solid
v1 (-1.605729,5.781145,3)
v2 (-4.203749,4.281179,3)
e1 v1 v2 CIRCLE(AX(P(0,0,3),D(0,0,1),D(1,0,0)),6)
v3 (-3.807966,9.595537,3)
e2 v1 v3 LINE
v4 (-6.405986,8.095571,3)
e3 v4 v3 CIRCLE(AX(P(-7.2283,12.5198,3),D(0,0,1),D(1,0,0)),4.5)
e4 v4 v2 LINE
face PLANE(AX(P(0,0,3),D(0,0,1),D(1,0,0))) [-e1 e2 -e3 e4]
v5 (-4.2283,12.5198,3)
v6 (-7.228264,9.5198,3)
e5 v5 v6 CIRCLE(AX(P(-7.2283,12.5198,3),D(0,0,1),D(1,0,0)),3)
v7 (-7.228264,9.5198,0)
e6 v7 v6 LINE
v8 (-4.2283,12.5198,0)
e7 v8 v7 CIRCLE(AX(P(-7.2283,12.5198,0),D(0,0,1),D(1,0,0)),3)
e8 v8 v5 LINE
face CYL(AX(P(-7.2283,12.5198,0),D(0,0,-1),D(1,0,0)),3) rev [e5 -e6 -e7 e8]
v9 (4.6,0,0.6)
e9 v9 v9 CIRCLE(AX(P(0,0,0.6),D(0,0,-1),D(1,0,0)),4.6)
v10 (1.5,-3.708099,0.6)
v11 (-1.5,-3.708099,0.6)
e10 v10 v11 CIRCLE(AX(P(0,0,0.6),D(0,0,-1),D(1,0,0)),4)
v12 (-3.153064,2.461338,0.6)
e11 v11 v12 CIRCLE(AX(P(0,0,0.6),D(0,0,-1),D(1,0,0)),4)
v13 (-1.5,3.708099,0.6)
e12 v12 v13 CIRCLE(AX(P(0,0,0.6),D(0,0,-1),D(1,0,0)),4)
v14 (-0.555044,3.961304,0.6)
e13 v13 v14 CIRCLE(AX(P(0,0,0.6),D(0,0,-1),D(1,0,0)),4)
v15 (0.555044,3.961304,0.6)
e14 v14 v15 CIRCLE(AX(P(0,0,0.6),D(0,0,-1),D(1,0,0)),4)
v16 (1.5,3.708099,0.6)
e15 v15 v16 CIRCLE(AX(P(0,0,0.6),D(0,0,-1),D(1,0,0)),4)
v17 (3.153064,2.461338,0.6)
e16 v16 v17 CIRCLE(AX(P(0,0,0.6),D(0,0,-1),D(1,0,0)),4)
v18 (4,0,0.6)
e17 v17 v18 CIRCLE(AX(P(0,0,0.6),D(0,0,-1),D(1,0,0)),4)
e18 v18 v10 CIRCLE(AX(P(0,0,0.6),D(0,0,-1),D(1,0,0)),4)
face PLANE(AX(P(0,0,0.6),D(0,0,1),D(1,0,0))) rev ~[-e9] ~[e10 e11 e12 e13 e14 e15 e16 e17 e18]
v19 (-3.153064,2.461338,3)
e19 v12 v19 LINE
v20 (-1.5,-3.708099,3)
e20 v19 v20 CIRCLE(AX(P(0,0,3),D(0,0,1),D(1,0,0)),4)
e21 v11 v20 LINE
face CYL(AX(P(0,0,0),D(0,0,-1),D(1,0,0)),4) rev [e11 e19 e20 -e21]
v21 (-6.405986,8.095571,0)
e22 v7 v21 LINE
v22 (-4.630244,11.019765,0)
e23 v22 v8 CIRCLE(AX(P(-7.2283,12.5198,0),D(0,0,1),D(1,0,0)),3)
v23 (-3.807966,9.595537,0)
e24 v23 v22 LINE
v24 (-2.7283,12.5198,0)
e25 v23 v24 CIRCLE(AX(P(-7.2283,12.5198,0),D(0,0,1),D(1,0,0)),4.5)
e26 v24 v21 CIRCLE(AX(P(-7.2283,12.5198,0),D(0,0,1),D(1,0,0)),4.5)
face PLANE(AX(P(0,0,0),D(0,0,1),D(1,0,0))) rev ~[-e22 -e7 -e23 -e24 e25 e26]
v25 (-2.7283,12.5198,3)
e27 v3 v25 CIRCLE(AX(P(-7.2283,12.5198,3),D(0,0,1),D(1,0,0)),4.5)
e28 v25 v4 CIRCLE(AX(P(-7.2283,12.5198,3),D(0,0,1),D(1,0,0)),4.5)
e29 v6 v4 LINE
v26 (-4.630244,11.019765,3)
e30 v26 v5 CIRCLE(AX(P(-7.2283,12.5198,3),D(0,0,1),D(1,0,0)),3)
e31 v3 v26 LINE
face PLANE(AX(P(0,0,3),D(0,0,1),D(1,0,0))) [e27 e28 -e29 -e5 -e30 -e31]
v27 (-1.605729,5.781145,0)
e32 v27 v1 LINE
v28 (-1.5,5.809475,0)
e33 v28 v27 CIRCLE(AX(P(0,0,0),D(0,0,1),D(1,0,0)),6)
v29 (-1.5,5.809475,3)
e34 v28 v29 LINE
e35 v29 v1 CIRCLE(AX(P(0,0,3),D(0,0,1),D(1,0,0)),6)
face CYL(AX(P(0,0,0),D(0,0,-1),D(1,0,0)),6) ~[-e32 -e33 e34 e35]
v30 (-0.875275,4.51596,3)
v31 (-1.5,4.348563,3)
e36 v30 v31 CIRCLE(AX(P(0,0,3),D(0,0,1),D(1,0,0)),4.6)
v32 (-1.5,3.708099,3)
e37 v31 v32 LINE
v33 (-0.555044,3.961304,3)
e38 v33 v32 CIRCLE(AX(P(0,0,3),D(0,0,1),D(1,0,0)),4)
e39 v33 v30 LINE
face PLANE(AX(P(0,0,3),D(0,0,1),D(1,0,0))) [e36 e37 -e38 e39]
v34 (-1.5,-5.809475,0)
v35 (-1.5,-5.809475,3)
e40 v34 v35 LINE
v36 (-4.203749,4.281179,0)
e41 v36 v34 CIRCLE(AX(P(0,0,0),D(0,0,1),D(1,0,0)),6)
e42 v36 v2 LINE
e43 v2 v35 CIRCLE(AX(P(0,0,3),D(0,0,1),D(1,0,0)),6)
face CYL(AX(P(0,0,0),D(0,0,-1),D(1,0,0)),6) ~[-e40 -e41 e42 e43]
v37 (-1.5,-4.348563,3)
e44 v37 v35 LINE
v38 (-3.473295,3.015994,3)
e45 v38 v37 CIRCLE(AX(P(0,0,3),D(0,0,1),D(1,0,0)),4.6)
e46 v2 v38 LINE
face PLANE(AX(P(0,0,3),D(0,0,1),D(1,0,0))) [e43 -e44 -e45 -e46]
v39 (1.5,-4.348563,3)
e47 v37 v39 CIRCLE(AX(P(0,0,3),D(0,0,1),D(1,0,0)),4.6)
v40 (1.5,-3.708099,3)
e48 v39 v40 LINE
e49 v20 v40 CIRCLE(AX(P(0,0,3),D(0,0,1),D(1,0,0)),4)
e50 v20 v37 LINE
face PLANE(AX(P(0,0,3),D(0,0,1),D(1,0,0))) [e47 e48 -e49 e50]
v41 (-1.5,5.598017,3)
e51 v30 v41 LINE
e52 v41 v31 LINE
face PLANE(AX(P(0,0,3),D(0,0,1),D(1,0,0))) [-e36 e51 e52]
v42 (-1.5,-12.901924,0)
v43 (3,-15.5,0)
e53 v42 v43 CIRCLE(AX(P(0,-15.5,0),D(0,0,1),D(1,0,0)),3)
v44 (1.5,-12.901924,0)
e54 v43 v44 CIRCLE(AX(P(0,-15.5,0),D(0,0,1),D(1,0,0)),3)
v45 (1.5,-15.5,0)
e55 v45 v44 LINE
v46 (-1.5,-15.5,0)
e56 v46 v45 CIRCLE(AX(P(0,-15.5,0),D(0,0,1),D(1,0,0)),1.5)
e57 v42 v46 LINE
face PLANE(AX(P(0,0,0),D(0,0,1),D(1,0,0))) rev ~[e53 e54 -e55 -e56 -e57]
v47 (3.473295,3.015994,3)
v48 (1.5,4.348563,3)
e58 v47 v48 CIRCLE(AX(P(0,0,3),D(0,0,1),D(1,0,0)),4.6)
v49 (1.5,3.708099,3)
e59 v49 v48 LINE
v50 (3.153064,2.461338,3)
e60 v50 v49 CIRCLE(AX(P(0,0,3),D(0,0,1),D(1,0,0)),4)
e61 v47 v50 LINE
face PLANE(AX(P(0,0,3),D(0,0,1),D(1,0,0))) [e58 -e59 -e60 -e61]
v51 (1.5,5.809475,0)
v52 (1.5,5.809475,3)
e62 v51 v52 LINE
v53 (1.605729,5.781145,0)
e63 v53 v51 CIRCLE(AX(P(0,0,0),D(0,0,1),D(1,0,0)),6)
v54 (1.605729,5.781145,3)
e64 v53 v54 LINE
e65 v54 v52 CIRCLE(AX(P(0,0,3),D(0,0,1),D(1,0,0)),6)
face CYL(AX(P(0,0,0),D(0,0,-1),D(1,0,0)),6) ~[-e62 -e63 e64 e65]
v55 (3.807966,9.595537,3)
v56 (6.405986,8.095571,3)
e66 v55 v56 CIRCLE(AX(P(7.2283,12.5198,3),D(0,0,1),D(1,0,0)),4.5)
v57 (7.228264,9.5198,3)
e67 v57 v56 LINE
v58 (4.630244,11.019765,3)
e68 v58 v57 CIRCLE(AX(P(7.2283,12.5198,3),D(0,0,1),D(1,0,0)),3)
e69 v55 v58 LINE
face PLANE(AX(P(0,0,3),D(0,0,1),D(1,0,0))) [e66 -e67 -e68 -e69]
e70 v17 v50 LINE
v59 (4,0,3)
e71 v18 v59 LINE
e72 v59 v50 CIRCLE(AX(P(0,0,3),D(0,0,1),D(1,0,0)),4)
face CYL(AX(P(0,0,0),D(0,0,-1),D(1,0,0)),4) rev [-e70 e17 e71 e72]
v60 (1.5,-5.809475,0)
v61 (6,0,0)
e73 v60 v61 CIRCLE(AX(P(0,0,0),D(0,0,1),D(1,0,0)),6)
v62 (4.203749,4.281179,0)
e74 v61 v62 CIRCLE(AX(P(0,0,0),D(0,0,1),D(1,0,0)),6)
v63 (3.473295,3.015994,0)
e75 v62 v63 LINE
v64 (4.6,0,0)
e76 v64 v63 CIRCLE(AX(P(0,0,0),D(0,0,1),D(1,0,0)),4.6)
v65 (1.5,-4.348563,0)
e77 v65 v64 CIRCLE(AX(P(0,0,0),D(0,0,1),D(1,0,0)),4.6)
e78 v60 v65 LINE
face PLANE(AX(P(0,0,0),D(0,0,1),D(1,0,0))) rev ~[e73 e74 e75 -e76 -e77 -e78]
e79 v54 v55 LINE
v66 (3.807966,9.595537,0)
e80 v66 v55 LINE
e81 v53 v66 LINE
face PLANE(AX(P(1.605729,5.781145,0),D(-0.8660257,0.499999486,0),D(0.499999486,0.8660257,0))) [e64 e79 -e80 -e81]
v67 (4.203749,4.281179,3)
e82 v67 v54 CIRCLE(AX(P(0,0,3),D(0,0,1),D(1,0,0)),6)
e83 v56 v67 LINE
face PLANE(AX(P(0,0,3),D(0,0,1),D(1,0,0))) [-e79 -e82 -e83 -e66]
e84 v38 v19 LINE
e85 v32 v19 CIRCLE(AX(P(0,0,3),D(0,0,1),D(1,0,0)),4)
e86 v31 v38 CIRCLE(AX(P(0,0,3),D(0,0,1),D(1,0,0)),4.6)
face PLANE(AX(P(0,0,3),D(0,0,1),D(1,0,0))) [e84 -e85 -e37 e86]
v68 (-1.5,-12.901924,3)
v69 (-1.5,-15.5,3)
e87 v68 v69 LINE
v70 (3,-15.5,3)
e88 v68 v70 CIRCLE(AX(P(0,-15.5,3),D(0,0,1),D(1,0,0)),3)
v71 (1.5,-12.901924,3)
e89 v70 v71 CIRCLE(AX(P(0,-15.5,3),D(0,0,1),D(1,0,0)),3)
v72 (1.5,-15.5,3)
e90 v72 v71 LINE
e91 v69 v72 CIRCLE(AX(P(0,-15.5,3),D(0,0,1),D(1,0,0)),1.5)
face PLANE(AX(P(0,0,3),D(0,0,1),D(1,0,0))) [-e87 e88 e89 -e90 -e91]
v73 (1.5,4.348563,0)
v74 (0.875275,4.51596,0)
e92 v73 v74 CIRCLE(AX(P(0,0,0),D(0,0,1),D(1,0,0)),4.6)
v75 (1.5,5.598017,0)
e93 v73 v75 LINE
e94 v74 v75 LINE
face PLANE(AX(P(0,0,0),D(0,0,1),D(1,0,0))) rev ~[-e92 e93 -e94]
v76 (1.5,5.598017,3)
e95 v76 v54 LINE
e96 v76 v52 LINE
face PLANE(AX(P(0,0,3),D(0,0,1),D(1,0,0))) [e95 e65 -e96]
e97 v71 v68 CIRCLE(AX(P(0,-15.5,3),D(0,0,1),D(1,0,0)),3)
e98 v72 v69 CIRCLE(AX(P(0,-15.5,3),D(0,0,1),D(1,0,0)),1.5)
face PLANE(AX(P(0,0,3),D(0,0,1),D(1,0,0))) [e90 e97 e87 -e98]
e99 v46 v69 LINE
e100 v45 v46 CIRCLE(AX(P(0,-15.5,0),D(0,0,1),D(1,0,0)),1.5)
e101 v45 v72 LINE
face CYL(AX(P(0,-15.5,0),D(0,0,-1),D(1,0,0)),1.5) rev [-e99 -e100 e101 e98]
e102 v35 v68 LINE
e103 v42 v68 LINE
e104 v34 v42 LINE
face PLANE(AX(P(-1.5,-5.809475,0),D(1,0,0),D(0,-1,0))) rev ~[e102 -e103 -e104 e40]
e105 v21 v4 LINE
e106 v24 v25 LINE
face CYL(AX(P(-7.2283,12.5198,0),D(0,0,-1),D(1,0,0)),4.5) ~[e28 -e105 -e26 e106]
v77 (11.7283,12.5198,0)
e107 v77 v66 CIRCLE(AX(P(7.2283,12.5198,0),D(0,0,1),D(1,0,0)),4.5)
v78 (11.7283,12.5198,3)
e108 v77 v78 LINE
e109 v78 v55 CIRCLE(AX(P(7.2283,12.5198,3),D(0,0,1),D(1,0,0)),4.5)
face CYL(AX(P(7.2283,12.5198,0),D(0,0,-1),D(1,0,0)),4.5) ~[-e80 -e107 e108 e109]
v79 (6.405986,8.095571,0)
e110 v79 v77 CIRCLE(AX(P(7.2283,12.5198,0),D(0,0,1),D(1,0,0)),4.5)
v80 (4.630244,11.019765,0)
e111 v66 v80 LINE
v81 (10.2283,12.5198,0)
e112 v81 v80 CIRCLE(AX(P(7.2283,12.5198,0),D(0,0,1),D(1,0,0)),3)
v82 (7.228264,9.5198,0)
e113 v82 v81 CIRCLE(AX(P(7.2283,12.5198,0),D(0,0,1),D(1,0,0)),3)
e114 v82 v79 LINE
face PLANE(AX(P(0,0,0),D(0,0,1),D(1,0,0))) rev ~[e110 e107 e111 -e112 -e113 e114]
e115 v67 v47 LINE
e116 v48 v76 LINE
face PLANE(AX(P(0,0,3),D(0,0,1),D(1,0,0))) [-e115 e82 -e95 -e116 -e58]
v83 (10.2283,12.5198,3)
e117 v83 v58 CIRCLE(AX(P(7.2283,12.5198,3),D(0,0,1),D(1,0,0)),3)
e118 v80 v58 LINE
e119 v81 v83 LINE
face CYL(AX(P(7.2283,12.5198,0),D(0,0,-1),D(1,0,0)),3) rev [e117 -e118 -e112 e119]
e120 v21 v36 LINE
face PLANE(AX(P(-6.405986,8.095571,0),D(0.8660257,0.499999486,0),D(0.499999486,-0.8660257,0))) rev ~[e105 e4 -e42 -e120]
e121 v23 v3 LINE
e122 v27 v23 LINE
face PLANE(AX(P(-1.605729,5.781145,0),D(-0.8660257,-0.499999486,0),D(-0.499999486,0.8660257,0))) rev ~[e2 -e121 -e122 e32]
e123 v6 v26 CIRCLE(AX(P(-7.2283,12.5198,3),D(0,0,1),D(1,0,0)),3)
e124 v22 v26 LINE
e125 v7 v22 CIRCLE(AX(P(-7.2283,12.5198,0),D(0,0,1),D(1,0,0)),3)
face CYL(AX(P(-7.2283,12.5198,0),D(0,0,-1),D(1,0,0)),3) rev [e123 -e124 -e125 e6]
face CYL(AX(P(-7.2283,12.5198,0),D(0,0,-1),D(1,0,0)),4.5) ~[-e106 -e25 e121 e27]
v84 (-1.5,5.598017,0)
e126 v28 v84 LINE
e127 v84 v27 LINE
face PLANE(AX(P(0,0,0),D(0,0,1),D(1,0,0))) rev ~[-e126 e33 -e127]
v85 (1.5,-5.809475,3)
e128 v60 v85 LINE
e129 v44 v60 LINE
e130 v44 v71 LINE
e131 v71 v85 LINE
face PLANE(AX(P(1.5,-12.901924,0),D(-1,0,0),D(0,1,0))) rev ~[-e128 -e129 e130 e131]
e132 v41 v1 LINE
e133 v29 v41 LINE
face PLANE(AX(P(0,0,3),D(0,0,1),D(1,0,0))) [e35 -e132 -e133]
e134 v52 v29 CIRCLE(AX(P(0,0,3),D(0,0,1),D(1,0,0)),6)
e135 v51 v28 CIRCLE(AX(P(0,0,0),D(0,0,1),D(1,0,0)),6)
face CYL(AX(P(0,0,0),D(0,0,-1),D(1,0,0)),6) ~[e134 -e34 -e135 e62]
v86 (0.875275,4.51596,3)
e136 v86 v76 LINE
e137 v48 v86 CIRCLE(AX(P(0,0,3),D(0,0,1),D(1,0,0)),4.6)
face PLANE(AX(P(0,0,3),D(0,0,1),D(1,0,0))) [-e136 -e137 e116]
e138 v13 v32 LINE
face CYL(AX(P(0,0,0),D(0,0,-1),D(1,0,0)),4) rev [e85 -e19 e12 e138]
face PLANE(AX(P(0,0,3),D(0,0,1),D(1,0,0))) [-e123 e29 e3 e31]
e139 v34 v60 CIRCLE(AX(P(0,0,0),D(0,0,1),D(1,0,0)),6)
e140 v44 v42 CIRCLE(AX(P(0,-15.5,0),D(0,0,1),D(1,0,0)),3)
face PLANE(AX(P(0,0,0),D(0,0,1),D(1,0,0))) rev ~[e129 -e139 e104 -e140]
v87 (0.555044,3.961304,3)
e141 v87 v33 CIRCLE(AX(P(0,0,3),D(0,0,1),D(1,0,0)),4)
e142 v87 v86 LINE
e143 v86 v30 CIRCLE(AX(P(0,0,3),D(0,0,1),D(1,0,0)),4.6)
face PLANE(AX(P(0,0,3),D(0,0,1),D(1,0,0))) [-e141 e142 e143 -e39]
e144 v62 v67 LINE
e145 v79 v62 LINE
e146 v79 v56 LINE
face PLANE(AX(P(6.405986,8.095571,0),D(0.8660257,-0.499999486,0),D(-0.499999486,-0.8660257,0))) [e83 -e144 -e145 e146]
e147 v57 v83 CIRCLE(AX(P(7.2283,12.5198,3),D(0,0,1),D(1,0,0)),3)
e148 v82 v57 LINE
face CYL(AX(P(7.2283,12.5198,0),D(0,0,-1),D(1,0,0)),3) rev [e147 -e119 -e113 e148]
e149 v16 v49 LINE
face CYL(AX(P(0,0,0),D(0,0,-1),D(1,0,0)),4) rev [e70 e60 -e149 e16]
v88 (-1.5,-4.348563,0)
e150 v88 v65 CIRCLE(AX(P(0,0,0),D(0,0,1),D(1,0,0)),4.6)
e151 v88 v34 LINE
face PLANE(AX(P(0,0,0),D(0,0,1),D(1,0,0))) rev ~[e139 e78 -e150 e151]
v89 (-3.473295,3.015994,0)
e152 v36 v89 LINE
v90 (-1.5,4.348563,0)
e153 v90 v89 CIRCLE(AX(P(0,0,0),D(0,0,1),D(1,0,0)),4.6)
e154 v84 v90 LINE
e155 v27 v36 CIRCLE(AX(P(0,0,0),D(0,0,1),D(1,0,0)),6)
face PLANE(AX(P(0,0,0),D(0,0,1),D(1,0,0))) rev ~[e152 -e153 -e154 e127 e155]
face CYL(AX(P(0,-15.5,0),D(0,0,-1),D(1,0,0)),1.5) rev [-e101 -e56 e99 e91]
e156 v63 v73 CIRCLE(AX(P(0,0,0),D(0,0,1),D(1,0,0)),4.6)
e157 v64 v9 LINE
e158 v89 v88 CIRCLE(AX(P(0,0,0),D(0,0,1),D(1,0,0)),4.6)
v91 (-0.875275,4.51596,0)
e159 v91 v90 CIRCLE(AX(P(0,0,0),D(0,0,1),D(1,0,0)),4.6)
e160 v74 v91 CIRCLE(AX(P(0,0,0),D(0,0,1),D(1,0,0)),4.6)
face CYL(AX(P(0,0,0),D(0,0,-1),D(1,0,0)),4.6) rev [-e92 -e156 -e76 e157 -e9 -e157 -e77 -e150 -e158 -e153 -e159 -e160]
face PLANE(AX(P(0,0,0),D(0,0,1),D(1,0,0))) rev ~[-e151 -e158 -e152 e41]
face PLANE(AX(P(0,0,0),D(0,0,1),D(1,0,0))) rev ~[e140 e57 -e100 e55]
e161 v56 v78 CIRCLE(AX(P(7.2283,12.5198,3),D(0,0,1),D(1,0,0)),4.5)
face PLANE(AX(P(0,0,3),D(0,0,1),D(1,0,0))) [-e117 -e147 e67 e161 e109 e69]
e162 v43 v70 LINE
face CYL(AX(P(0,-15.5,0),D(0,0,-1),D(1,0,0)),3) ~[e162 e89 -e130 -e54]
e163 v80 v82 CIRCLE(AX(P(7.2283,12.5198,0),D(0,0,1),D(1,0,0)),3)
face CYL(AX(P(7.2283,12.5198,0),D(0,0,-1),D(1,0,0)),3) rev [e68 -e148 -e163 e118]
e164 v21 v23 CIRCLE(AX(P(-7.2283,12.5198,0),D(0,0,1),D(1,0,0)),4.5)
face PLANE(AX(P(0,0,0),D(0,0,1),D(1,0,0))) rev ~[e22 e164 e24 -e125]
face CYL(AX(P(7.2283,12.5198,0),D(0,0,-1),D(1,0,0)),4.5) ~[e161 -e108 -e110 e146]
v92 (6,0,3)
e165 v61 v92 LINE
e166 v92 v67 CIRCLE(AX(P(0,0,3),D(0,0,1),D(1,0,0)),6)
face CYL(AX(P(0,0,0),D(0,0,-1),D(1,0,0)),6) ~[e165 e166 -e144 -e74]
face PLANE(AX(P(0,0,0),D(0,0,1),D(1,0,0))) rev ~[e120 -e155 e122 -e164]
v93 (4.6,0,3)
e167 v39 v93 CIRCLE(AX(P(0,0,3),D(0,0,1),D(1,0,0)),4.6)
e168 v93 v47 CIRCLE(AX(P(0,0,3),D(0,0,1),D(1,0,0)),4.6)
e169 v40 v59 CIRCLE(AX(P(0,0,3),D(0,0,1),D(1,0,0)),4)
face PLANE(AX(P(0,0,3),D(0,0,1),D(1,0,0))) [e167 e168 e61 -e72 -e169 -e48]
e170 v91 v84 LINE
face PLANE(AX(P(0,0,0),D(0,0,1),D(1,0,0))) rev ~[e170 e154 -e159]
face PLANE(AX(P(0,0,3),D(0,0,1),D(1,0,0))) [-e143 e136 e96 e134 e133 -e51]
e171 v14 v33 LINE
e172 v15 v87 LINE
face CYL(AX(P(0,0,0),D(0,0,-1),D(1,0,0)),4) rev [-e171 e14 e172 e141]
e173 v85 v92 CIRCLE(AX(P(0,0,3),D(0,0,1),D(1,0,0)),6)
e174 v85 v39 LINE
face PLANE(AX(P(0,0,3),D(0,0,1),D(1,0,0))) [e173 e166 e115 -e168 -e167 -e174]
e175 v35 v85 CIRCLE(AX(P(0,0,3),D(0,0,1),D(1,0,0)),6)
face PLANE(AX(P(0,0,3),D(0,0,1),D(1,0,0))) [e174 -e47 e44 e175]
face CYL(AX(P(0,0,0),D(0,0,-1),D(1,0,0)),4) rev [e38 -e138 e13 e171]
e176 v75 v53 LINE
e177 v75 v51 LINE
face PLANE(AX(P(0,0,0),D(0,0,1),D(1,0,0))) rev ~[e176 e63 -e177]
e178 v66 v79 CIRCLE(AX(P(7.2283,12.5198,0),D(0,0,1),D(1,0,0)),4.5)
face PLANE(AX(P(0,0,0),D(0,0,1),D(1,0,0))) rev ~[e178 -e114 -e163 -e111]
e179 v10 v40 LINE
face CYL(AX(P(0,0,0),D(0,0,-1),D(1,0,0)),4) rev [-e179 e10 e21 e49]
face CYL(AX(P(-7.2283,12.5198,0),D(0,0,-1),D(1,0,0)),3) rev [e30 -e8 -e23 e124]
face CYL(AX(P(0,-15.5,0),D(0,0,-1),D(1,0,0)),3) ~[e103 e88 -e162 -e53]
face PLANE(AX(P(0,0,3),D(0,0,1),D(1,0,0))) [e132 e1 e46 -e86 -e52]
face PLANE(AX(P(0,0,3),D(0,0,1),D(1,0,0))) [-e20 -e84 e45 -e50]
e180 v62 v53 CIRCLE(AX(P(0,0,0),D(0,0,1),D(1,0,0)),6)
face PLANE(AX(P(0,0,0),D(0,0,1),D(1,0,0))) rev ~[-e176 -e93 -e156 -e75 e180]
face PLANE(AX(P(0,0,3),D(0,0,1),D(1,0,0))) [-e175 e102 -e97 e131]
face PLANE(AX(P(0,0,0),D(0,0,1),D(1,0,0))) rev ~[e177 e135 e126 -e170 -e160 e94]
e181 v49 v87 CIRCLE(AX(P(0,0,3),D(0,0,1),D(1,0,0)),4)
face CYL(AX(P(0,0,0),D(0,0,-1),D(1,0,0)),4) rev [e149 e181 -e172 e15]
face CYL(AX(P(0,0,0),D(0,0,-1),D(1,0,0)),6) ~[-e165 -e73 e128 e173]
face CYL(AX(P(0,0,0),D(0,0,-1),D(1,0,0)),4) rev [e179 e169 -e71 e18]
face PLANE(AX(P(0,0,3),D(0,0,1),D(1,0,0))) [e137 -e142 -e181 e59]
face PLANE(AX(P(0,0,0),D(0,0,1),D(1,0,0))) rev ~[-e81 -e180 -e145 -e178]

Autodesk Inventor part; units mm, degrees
ref_plane "YZ Plane" through (0, 0, 0) normal (1, 0, 0) x (0, 1, 0)
ref_plane "XZ Plane" through (0, 0, 0) normal (0, 1, 0) x (-1, 0, 0)
ref_plane "XY Plane" through (0, 0, 0) normal (0, 0, 1) x (1, 0, 0)
sketch "スケッチ1" plane through (0, 0, 0) normal (0, 0, 1) x (1, 0, 0)
  circle A0 centre (0, 15.5) radius 3 construction
  circle A1 centre (0, -15.5) radius 1.5
  circle A2 centre (0, 15.5) radius 4.5 construction
  circle A3 centre (0, -15.5) radius 3
  line L0 (0, 15.5) -> (0, -15.5) construction
  line L1 (-1.5, 15.5) -> (-1.5, -15.5)
  line L2 (1.5, -15.5) -> (1.5, 15.5)
  arc A4 (1.5, 15.5) -> (-1.5, 15.5) centre (0, 15.5) ccw
  arc A5 (-1.5, -15.5) -> (1.5, -15.5) centre (0, -15.5) ccw
  circle A6 centre (0, 0) radius 6
  circle A7 centre (0, 0) radius 4
  circle A8 centre (0, 0) radius 4.6
  line L3 (0, 0) -> (-7.2283, 12.5198) construction
  line L4 (1.299, 0.75) -> (-5.9293, 13.2698)
  line L5 (-8.5273, 11.7698) -> (-1.299, -0.75)
  arc A9 (-1.299, -0.75) -> (1.299, 0.75) centre (0, 0) ccw
  arc A10 (-5.9293, 13.2698) -> (-8.5273, 11.7698) centre (-7.2283, 12.5198) ccw
  circle A11 centre (-7.2283, 12.5198) radius 3
  circle A12 centre (0, 15.5) radius 3 construction
  circle A13 centre (0, 15.5) radius 4.5 construction
  line L6 (-1.299, 0.75) -> (5.9293, 13.2698)
  line L7 (8.5273, 11.7698) -> (1.299, -0.75)
  circle A14 centre (7.2283, 12.5198) radius 3
  circle A15 centre (-7.2283, 12.5198) radius 1.5
  circle A16 centre (7.2283, 12.5198) radius 1.5
  circle A17 centre (-7.2283, 12.5198) radius 4.5
  circle A18 centre (7.2283, 12.5198) radius 4.5
  point P0 (0, 0)
  point P1 (0, 0)
  point P2 (-1.5, 11.2574)
  point P3 (-1.5, 5.8095)
  point P4 (-1.5, -5.8095)
  point P5 (-1.5, -12.9019)
  point P6 (1.5, -12.9019)
  point P7 (1.5, -5.8095)
  point P8 (1.5, 5.8095)
  point P9 (1.5, 11.2574)
  point P10 (-3.6142, 6.2599)
  point P11 (4.2038, 4.2812)
  point P12 (7.2283, 9.5198)
  point P13 (4.6302, 11.0198)
  point P14 (1.6057, 5.7812)
  point P15 (-1.6057, 5.7812)
  point P16 (-4.6302, 11.0198)
  point P17 (-7.2283, 9.5198)
  point P18 (-4.2038, 4.2812)
  point P19 (6.406, 8.0955)
  point P20 (3.8079, 9.5955)
  point P21 (-3.8079, 9.5955)
  point P22 (-6.406, 8.0955)
  dimension "d0" = 12
  dimension "d1" = 8
  dimension "d2" = 9.2
  dimension "d7" = 6
  dimension "d8" = 3
  dimension "d9" = 3
  dimension "d10" = 3
  dimension "d11" = 6
  dimension "d12" = 3
  dimension "d13" = 3
  dimension "d14" = 30
  dimension "d15" = 6
  dimension "d16" = 9
  dimension "d17" = 9
extrude "押し出し1" add sketch "スケッチ1" along normal blind 3 contours L2 A3 L1 A1 | A1 L1 A3 L2 | A3 L1 A6 L2 | A6 L1 A8 L2 | L2 A8 L7 A6 | A6 L5 A8 L1 | A8 L1 A7 L2 | L2 A7 L7 A8 | A8 L5 A7 L1 | L5 A17 L4 A6 | A6 L4 L1 A8 L5 | L7 A8 L2 L6 A6 | A6 L6 A18 L7 | A8 L1 A7 L5 | A6 L1 L4 | A17 L4 A11 L5 | L5 A11 L4 A17 | L7 A7 L2 A8 | L6 L2 A6 | A18 L6 A14 L7 | L7 A14 L6 A18 | A8 L4 A7 L1 | L1 L4 A8 | A6 L2 L6 A8 L4 L1 | A8 L6 L2 | L2 A7 L6 A8 | A8 L6 A7 L4
extrude "押し出し2" cut sketch "スケッチ1" along normal blind 0.6 contours A8 L1 A7 L2 | L2 A7 L7 A8 | A8 L5 A7 L1 | A8 L1 A7 L5 | L7 A7 L2 A8 | A8 L4 A7 L1 | L2 A7 L6 A8 | A8 L6 A7 L4
sketch "スケッチ2" plane through (0, 0, 3) normal (0, 0, 1) x (1, 0, 0)
  arc A0 (1.6057, 5.7812) -> (-1.6057, 5.7812) centre (0, 0) ccw projected
  line L0 (-1.5, -5.8095) -> (-1.5, -12.9019) projected
  arc A1 (-1.5, -12.9019) -> (1.5, -12.9019) centre (0, -15.5) ccw projected
  line L1 (1.5, -12.9019) -> (1.5, -5.8095) projected
  arc A2 (1.5, -5.8095) -> (4.2038, 4.2812) centre (0, 0) ccw projected
  circle A3 centre (0, -15.5) radius 1.5 projected
  circle A4 centre (0, 0) radius 4 projected
  arc A5 (-4.2038, 4.2812) -> (-1.5, -5.8095) centre (0, 0) ccw projected
  line L2 (4.2038, 4.2812) -> (6.406, 8.0955) projected
  circle A6 centre (7.2283, 12.5198) radius 3 projected
  line L3 (3.8079, 9.5955) -> (1.6057, 5.7812) projected
  line L4 (-1.6057, 5.7812) -> (-3.8079, 9.5955) projected
  circle A7 centre (-7.2283, 12.5198) radius 3 projected
  line L5 (-6.406, 8.0955) -> (-4.2038, 4.2812) projected
  arc A8 (6.406, 8.0955) -> (3.8079, 9.5955) centre (7.2283, 12.5198) ccw projected
  arc A9 (-3.8079, 9.5955) -> (-6.406, 8.0955) centre (-7.2283, 12.5198) ccw projected
  point P0 (0, 0)
properties part number "中間ギア抑え" material "アルミニウム 2014-T4"
